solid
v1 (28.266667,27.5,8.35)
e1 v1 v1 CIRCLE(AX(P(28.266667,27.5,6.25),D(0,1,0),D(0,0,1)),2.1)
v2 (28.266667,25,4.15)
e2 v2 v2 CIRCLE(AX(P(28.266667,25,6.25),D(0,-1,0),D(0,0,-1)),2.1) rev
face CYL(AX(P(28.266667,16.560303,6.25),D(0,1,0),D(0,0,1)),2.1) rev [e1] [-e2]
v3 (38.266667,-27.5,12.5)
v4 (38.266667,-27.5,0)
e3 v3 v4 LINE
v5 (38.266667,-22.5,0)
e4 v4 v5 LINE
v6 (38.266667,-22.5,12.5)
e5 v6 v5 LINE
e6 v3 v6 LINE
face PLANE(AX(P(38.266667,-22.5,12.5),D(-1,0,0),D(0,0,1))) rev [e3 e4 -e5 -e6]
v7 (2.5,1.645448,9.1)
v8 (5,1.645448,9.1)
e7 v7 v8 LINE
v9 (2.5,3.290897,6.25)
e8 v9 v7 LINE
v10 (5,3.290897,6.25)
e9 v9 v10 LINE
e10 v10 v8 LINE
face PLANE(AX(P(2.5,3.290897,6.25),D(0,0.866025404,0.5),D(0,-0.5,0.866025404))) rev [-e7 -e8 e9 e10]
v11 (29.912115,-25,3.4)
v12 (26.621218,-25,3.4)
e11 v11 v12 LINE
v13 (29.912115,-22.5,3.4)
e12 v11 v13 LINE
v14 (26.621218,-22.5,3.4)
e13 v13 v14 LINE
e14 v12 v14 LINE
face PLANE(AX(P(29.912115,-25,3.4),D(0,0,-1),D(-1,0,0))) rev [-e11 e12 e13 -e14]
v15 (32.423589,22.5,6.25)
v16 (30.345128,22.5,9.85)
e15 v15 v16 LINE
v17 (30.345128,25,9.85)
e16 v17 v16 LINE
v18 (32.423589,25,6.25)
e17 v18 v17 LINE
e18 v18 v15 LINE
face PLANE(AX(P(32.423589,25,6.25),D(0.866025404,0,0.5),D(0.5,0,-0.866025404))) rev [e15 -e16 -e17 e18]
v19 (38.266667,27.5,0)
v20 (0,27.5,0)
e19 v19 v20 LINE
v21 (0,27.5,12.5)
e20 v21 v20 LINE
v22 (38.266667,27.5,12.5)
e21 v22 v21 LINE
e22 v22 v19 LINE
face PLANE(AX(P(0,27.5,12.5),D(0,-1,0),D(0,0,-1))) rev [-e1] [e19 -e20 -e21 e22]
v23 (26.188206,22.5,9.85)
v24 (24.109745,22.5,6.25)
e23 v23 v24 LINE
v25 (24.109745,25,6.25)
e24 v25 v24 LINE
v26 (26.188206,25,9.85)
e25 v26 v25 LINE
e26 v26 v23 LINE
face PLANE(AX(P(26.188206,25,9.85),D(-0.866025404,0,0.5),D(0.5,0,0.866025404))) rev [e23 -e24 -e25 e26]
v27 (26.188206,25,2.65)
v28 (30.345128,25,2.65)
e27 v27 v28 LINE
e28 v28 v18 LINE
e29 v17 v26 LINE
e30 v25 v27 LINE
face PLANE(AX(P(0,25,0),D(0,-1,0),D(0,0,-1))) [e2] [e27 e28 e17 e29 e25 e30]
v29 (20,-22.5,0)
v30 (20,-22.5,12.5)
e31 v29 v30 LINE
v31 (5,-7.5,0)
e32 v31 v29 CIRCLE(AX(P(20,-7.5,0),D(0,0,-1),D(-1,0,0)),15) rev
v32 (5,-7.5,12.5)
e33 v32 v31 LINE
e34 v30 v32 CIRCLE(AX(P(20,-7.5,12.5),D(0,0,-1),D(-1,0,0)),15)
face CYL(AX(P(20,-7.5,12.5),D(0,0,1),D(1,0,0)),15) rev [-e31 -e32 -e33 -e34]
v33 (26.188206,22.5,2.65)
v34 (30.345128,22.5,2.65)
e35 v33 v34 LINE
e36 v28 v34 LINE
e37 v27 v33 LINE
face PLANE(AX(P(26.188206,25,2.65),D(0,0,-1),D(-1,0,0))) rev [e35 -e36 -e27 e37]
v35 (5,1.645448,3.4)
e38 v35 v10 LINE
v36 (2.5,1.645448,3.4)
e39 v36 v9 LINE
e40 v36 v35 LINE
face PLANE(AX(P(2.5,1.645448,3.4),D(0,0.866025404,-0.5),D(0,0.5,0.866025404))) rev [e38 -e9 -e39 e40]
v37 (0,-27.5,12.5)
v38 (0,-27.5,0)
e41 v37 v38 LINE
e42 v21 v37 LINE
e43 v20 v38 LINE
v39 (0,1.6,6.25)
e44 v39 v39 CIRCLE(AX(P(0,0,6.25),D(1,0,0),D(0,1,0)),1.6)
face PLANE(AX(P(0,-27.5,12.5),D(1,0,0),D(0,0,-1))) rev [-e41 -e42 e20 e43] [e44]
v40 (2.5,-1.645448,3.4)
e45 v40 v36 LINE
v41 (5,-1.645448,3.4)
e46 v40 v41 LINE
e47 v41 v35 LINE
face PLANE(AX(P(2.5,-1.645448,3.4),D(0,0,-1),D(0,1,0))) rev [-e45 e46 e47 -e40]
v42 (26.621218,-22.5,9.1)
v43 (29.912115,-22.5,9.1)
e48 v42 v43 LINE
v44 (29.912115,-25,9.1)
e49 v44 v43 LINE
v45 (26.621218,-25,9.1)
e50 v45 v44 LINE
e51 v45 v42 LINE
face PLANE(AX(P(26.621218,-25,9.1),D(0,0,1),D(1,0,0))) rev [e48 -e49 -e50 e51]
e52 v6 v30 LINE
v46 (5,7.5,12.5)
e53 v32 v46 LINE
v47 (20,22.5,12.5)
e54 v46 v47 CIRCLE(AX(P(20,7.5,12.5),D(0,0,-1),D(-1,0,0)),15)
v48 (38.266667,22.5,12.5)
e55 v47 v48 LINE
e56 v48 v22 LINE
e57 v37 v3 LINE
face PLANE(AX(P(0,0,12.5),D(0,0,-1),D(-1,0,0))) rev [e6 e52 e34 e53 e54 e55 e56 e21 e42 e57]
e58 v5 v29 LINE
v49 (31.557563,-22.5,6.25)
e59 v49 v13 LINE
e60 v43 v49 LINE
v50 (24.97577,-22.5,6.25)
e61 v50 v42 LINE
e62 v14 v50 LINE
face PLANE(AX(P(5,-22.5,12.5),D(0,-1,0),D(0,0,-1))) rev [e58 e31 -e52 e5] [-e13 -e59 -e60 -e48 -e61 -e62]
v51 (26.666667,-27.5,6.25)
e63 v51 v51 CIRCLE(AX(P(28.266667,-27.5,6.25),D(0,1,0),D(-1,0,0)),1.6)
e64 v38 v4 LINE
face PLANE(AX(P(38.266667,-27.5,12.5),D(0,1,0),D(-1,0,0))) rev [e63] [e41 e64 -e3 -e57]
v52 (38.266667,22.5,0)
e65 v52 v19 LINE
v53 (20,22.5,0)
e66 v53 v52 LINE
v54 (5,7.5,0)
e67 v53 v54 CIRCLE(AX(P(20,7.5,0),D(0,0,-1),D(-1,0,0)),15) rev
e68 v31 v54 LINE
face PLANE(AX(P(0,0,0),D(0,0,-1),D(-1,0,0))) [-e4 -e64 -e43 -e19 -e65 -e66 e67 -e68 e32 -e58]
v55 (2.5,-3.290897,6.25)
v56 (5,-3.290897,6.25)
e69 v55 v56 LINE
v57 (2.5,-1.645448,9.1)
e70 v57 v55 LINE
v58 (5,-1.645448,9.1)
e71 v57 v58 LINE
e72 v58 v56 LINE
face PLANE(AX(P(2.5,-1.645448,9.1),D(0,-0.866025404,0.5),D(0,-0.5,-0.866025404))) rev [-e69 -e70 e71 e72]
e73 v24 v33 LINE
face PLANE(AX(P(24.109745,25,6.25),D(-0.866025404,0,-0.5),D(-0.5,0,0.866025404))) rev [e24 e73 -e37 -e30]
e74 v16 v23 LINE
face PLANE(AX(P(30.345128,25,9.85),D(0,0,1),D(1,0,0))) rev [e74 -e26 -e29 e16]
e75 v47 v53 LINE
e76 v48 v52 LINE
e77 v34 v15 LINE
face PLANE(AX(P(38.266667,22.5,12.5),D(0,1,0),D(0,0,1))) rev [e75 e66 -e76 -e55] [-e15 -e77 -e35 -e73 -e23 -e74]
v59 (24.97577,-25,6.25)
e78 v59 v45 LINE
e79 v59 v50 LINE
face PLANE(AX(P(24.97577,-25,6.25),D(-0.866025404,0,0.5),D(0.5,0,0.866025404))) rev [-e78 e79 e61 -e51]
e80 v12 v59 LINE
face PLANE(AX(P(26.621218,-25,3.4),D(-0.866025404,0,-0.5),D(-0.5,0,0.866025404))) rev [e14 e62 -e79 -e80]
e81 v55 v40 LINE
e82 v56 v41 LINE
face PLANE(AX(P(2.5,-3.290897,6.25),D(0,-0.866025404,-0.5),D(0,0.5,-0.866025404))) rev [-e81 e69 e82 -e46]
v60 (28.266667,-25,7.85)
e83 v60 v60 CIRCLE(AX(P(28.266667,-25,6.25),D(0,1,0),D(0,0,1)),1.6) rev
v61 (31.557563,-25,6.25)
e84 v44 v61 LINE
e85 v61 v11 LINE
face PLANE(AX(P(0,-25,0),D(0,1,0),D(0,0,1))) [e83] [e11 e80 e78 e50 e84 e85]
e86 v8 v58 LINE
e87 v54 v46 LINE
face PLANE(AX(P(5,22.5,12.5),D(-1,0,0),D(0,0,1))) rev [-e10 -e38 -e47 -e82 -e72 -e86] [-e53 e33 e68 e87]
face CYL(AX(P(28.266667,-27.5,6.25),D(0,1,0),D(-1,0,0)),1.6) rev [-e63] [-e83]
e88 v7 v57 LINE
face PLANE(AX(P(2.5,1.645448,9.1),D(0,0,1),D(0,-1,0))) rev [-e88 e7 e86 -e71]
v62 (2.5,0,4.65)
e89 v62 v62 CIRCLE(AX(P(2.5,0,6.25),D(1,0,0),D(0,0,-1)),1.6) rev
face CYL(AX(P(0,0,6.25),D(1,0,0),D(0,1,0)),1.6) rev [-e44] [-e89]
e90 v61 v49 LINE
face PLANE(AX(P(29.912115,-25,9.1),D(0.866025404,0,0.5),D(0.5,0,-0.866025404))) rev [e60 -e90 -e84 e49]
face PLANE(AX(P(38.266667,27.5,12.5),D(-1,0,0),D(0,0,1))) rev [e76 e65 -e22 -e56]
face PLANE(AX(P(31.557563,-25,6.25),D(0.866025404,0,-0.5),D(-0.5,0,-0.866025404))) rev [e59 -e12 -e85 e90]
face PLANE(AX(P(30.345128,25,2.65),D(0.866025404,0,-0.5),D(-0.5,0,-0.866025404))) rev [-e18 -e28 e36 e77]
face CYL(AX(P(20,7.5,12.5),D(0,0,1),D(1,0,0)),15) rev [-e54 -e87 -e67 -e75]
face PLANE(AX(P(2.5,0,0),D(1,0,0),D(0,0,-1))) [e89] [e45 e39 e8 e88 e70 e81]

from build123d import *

# Parameters (mm, degrees)
BOSS_EXTRUDE1_DEPTH = 12.5
FILLET1_R           = 15
SKETCH2_R           = 2.1
CUT_EXTRUDE1_DEPTH  = 5
CUT_EXTRUDE2_DEPTH  = 2.5
SKETCH4_R           = 1.6
CUT_EXTRUDE3_DEPTH  = 5
CUT_EXTRUDE4_DEPTH  = 2.5
SKETCH6_R           = 1.6
CUT_EXTRUDE5_DEPTH  = 49.75282328
CUT_EXTRUDE6_DEPTH  = 2.5


with BuildPart() as part:
    # Sketch1 → Boss-Extrude1 (new body)
    with BuildSketch(Plane.XY):
        Polygon((38.266666667, 27.5), (38.266666667, 22.5), (5, 22.5), (5, -22.5), (38.266666667, -22.5), (38.266666667, -27.5), (0, -27.5), (0, 27.5), align=None)
    extrude(amount=BOSS_EXTRUDE1_DEPTH)

    # Fillet1
    fillet1_edges = [part.edges().sort_by_distance(p)[0] for p in [
        (5, 22.5, 6.25),
        (5, -22.5, 6.25),
    ]]
    fillet(fillet1_edges, radius=FILLET1_R)

    # Sketch2 → Cut-Extrude1 (cut)
    with BuildSketch(Plane(origin=(0, 27.5, 0), x_dir=(1, 0, 0), z_dir=(0, 1, 0))):
        with Locations(Location((28.266666667, -6.25, 0), (0, 0, 270))):
            Circle(SKETCH2_R)
    extrude(amount=-CUT_EXTRUDE1_DEPTH, mode=Mode.SUBTRACT)

    # Sketch3 → Cut-Extrude2 (cut)
    with BuildSketch(Plane.XZ.offset(-22.5)):
        Polygon((30.345127636, 9.85), (26.188205698, 9.85), (24.109744729, 6.25), (26.188205698, 2.65), (30.345127636, 2.65), (32.423588605, 6.25), align=None)
    extrude(amount=-CUT_EXTRUDE2_DEPTH, mode=Mode.SUBTRACT)

    # Sketch4 → Cut-Extrude3 (cut)
    with BuildSketch(Plane(origin=(0, -22.5, 0), x_dir=(1, 0, 0), z_dir=(0, 1, 0))):
        with Locations(Location((28.266666667, -6.25, 0), (0, 0, 180))):
            Circle(SKETCH4_R)
    extrude(amount=-CUT_EXTRUDE3_DEPTH, mode=Mode.SUBTRACT)

    # Sketch5 → Cut-Extrude4 (cut)
    with BuildSketch(Plane(origin=(0, -22.5, 0), x_dir=(1, 0, 0), z_dir=(0, 1, 0))):
        Polygon((29.912114934, -3.4), (26.621218399, -3.4), (24.975770132, -6.25), (26.621218399, -9.1), (29.912114934, -9.1), (31.557563201, -6.25), align=None)
    extrude(amount=-CUT_EXTRUDE4_DEPTH, mode=Mode.SUBTRACT)

    # Sketch6 → Cut-Extrude5 (cut, through all)
    with BuildSketch(Plane(origin=(38.266666667, 0, 0), x_dir=(0, 0, -1), z_dir=(1, 0, 0))):
        with Locations(Location((-6.25, 0, 0), (0, 0, 90))):
            Circle(SKETCH6_R)
    extrude(amount=-CUT_EXTRUDE5_DEPTH, mode=Mode.SUBTRACT)

    # Sketch7 → Cut-Extrude6 (cut)
    with BuildSketch(Plane(origin=(5, 0, 0), x_dir=(0, 0, -1), z_dir=(1, 0, 0))):
        Polygon((-3.4, -1.645448267), (-3.4, 1.645448267), (-6.25, 3.290896534), (-9.1, 1.645448267), (-9.1, -1.645448267), (-6.25, -3.290896534), align=None)
    extrude(amount=-CUT_EXTRUDE6_DEPTH, mode=Mode.SUBTRACT)


solid = part.part
